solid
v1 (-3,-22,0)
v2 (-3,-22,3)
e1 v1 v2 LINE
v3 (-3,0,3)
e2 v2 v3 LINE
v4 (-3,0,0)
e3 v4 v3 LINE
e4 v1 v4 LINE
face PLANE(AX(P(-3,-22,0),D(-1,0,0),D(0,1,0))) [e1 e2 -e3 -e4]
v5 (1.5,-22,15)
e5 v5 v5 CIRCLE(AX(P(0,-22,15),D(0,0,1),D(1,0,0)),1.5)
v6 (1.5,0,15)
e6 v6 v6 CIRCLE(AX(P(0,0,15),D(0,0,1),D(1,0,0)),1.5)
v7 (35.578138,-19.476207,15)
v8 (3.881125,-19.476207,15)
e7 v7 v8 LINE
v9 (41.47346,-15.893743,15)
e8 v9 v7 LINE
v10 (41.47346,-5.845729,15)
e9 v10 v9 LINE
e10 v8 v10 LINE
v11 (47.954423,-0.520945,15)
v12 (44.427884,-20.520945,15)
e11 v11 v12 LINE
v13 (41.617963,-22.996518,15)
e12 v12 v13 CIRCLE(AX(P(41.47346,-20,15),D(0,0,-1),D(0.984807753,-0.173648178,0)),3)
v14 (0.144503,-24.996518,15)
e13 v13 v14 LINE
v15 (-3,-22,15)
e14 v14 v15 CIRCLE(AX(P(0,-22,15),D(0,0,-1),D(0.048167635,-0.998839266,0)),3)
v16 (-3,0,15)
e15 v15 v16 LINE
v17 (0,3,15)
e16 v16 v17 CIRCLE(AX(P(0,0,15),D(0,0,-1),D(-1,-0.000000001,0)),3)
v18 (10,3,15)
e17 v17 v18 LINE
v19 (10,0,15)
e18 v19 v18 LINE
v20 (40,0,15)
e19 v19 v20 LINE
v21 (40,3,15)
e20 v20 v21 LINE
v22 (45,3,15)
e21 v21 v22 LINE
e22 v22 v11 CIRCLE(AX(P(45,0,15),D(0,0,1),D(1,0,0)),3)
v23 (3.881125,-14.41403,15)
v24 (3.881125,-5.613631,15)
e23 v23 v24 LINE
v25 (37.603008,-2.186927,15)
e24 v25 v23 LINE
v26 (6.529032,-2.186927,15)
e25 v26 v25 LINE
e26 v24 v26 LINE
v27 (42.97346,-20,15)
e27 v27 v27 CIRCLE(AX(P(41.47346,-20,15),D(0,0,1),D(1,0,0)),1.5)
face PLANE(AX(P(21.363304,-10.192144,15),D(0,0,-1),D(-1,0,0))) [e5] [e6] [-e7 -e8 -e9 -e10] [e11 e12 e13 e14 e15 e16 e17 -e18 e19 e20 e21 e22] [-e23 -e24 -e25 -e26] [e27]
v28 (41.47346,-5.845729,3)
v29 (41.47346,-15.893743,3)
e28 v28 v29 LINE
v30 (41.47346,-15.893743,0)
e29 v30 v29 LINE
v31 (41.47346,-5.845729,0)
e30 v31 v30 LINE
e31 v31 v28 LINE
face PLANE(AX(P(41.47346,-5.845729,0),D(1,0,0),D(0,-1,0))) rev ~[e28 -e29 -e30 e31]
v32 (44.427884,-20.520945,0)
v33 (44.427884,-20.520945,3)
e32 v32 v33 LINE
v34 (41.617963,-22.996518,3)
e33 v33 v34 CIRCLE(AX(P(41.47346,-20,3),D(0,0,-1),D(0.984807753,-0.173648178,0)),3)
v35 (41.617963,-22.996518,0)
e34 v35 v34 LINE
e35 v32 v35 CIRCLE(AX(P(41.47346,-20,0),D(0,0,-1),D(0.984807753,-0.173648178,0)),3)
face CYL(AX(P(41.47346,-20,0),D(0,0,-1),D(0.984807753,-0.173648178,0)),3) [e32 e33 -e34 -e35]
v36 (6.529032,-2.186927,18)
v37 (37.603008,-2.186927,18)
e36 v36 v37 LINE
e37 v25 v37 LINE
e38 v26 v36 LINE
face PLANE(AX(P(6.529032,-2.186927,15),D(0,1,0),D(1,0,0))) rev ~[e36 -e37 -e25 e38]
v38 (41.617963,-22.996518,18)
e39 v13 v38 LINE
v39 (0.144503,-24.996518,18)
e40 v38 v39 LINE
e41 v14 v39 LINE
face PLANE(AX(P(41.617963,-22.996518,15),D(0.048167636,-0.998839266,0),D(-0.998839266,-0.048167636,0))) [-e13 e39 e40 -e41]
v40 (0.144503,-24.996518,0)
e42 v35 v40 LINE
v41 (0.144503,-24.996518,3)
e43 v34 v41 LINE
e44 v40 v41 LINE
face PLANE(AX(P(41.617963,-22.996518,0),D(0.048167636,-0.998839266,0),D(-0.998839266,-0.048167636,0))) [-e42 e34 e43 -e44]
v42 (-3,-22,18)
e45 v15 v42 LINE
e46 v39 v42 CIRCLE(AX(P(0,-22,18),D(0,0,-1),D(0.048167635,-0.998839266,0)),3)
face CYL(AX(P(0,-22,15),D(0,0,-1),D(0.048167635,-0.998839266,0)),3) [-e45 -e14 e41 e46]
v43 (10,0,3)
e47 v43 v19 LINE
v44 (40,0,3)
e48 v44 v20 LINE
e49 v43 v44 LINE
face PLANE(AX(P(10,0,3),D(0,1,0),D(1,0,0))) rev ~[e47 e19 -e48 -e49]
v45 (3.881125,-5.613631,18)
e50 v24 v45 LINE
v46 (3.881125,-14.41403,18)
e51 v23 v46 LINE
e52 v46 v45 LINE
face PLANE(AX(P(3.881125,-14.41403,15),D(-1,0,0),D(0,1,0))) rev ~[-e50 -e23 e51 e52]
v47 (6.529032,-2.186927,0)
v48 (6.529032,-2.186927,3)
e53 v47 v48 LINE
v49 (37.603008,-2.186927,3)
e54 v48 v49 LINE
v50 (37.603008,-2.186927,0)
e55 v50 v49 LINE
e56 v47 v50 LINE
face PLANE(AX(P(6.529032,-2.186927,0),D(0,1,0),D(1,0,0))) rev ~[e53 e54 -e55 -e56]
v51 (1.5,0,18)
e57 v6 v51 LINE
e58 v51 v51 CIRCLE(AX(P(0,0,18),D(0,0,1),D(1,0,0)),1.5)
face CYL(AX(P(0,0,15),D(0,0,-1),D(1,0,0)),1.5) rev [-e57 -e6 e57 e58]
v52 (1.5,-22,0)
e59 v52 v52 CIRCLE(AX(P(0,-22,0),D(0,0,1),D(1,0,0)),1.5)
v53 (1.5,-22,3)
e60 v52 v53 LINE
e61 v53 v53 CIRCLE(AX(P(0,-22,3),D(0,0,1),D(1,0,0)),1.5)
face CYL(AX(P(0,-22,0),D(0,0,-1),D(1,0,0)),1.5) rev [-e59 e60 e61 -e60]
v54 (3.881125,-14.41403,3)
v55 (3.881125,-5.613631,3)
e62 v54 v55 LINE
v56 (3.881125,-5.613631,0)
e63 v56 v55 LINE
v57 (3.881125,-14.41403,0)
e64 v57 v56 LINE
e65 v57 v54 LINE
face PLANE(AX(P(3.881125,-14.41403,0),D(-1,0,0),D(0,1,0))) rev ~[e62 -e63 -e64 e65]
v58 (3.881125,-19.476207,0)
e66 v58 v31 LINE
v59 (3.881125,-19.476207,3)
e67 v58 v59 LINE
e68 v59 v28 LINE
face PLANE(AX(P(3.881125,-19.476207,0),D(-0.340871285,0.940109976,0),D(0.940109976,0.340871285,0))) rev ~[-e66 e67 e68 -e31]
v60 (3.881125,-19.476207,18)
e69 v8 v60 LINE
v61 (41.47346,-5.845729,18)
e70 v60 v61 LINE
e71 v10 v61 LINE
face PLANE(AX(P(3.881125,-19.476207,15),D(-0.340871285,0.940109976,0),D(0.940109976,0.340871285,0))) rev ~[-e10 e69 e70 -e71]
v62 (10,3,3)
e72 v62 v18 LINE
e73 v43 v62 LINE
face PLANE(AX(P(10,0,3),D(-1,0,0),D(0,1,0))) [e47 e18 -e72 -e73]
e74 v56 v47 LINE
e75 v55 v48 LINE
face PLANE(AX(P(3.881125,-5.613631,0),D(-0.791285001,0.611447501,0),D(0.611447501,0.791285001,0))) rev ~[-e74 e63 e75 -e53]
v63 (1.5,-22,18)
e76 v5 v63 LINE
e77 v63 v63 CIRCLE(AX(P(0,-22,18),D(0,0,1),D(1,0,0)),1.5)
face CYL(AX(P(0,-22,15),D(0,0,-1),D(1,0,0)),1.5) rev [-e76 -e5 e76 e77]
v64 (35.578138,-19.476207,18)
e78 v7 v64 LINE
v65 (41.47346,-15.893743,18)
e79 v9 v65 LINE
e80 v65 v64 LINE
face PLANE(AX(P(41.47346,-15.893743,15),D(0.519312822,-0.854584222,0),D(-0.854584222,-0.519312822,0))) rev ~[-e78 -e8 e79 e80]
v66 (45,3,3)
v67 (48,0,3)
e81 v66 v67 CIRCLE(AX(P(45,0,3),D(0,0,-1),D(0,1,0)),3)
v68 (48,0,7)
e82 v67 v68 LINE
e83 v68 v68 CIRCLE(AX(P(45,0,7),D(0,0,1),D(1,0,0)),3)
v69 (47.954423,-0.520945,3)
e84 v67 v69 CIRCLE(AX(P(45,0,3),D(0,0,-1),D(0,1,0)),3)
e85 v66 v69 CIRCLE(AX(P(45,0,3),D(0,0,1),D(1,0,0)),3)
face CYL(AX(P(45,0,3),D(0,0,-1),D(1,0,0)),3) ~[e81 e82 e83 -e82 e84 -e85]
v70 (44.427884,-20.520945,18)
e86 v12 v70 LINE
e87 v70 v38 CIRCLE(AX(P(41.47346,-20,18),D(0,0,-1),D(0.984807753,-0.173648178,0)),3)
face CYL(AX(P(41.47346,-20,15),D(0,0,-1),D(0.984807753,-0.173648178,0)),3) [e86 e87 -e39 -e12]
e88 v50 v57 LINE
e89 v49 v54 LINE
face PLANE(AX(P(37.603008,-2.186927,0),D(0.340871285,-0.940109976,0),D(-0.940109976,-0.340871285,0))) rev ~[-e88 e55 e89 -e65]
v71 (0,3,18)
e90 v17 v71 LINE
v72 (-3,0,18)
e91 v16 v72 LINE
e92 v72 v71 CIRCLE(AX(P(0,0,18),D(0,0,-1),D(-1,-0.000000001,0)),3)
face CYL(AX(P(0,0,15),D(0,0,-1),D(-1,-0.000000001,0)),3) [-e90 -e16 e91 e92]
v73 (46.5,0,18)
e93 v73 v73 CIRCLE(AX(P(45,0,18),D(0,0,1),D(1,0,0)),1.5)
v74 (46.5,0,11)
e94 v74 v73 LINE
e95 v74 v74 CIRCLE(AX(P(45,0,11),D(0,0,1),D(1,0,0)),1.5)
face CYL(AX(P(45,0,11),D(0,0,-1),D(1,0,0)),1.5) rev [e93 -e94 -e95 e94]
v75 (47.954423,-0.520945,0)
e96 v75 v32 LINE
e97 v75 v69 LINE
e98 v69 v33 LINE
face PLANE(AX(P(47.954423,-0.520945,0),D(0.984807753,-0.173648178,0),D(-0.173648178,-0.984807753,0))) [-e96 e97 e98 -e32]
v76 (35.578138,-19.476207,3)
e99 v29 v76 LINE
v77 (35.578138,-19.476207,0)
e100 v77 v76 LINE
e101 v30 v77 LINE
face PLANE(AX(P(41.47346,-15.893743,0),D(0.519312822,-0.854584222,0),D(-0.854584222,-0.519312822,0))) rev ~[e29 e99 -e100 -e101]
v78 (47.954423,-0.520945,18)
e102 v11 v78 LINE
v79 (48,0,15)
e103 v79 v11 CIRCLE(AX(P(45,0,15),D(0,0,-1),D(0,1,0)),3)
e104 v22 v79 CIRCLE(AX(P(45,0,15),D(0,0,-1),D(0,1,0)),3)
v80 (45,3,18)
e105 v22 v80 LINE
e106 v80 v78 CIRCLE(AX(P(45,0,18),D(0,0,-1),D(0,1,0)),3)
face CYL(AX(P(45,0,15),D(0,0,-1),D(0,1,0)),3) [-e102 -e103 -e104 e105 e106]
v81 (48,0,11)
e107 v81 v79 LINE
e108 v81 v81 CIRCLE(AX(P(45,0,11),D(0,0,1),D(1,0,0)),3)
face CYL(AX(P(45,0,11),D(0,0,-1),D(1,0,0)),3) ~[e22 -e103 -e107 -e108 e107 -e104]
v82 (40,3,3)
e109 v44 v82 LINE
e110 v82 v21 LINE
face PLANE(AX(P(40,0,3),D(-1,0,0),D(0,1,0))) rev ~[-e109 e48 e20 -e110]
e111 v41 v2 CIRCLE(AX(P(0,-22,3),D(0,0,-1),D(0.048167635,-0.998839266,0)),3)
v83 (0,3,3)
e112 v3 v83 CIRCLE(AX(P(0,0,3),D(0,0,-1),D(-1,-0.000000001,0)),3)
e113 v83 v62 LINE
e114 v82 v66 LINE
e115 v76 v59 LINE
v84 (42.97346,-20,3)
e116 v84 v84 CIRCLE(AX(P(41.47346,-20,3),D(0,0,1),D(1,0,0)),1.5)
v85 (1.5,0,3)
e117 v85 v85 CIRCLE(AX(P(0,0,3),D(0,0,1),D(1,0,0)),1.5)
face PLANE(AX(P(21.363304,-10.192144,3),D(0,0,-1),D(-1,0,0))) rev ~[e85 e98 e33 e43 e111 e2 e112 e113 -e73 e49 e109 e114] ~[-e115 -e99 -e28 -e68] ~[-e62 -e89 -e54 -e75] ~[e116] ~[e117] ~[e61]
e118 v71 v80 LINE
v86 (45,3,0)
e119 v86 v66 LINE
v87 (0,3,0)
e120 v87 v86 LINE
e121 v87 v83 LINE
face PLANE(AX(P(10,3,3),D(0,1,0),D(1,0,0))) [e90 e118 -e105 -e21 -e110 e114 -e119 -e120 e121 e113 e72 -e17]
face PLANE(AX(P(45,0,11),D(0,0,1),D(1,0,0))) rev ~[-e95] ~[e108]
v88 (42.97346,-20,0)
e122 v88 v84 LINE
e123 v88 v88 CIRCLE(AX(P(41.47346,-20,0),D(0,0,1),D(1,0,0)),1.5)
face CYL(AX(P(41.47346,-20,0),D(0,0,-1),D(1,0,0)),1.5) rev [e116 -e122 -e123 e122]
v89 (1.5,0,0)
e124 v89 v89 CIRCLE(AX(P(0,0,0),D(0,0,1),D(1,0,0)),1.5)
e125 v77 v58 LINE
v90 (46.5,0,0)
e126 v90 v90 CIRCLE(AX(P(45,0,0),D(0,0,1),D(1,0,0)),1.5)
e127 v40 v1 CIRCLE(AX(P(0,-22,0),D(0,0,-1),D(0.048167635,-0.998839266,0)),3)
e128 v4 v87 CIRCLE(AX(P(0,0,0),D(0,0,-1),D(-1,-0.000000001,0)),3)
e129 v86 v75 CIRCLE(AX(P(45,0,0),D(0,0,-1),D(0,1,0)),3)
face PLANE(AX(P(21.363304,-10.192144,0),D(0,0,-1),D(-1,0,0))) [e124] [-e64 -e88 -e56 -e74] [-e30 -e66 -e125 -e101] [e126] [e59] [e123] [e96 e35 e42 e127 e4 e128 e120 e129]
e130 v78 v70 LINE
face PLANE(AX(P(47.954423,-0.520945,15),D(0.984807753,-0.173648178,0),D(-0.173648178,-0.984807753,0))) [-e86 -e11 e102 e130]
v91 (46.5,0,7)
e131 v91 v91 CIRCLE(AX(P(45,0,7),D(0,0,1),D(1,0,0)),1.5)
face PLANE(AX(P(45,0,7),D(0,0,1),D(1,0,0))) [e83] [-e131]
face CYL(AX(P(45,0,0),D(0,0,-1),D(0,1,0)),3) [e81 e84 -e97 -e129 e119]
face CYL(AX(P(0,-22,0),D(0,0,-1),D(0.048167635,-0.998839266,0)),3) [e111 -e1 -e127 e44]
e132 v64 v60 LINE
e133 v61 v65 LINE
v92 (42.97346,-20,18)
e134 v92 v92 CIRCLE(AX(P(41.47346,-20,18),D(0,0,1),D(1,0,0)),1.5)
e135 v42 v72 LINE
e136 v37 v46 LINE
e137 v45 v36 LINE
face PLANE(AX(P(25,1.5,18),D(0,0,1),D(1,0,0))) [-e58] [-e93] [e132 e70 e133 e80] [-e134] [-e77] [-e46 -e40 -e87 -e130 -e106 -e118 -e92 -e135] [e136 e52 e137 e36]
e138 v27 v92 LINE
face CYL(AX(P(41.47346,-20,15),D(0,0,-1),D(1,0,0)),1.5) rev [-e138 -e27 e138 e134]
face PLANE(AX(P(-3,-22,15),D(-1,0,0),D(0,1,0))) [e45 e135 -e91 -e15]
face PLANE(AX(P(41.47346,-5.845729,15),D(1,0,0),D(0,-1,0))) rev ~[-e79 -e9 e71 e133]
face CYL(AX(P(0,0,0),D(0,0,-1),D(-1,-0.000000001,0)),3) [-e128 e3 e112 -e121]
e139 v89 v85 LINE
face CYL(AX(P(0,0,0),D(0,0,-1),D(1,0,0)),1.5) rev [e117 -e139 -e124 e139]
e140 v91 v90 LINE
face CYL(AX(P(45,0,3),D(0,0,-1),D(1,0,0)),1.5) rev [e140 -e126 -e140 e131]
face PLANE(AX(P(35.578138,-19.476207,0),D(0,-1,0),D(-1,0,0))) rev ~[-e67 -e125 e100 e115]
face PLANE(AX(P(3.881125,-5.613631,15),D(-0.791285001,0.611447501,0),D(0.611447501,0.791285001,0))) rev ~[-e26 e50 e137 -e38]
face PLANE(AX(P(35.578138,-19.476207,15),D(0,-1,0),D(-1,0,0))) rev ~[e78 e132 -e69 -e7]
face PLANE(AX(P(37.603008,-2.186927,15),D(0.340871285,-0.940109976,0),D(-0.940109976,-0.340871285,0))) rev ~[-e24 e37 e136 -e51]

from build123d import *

# Parameters (mm, degrees)
SKETCH1_R           = 1.5
BOSS_EXTRUDE1_DEPTH = 3
LPATTERN1_COUNT     = 2
LPATTERN1_PITCH     = 15
SKETCH2_R           = 3
SKETCH2_R_2         = 1.5
BOSS_EXTRUDE2_DEPTH = 4
LPATTERN2_COUNT     = 2
LPATTERN2_PITCH     = 8
SKETCH3_W           = 30
SKETCH3_H           = 3
BOSS_EXTRUDE3_DEPTH = 15


with BuildPart() as part:
    # Sketch1 → Boss-Extrude1 (new body)
    with BuildSketch(Plane.XY):
        with BuildLine():
            Line((0, 3), (45, 3))
            ThreePointArc((45, 3), (47.298133329, 1.928362829), (47.954423259, -0.520944533))
            Line((47.954423259, -0.520944533), (44.427883645, -20.520944533))
            ThreePointArc((44.427883645, -20.520944533), (43.456627447, -22.25101053), (41.617963293, -22.996517797))
            Line((41.617963293, -22.996517797), (0.144502907, -24.996517797))
            ThreePointArc((0.144502907, -24.996517797), (-2.069600357, -24.171809006), (-3, -22))
            Line((-3, -22), (-3, 0))
            ThreePointArc((-3, 0), (-2.121320344, 2.121320344), (0, 3))
        make_face()
        with Locations((45, 0)):
            Circle(SKETCH1_R, mode=Mode.SUBTRACT)
        with Locations((41.473460386, -20)):
            Circle(SKETCH1_R, mode=Mode.SUBTRACT)
        with Locations((0, -22)):
            Circle(SKETCH1_R, mode=Mode.SUBTRACT)
        Circle(SKETCH1_R, mode=Mode.SUBTRACT)
        Polygon((3.881124623, -14.414030159), (3.881124623, -5.613630965), (6.529032345, -2.186926854), (37.60300826, -2.186926854), align=None, mode=Mode.SUBTRACT)
        Polygon((3.881124623, -19.476206686), (41.473460386, -5.845729285), (41.473460386, -15.893743297), (35.578137649, -19.476206686), align=None, mode=Mode.SUBTRACT)
    extrude(amount=BOSS_EXTRUDE1_DEPTH)


with BuildPart() as lpattern1_1:
    # LPattern1: pattern copy
    add(part.part.moved(Location(Vector(0, 0, 1) * (1 * LPATTERN1_PITCH))))


with BuildPart() as part_1:
    add(part.part)

    # Sketch2 → Boss-Extrude2 (add)
    with BuildSketch(Plane.XY.offset(3)):
        with Locations((45, 0)):
            Circle(SKETCH2_R)
        with Locations((45, 0)):
            Circle(SKETCH2_R_2, mode=Mode.SUBTRACT)
    boss_extrude2 = extrude(amount=BOSS_EXTRUDE2_DEPTH)



with BuildPart() as lpattern1_1_1:
    add(lpattern1_1.part)

    # LPattern2: Boss-Extrude2 ×2
    with Locations(*[(0, 0, i * LPATTERN2_PITCH) for i in range(1, LPATTERN2_COUNT)]):
        add(boss_extrude2)


with BuildPart() as part_2:
    add(part_1.part)

    add(lpattern1_1_1.part)  # Boss-Extrude3 merges LPattern1_1
    # Sketch3 → Boss-Extrude3 (add)
    with BuildSketch(Plane.XY.offset(3)):
        with Locations((25, 1.5)):
            Rectangle(SKETCH3_W, SKETCH3_H)
    extrude(amount=BOSS_EXTRUDE3_DEPTH)


solid = part_2.part
